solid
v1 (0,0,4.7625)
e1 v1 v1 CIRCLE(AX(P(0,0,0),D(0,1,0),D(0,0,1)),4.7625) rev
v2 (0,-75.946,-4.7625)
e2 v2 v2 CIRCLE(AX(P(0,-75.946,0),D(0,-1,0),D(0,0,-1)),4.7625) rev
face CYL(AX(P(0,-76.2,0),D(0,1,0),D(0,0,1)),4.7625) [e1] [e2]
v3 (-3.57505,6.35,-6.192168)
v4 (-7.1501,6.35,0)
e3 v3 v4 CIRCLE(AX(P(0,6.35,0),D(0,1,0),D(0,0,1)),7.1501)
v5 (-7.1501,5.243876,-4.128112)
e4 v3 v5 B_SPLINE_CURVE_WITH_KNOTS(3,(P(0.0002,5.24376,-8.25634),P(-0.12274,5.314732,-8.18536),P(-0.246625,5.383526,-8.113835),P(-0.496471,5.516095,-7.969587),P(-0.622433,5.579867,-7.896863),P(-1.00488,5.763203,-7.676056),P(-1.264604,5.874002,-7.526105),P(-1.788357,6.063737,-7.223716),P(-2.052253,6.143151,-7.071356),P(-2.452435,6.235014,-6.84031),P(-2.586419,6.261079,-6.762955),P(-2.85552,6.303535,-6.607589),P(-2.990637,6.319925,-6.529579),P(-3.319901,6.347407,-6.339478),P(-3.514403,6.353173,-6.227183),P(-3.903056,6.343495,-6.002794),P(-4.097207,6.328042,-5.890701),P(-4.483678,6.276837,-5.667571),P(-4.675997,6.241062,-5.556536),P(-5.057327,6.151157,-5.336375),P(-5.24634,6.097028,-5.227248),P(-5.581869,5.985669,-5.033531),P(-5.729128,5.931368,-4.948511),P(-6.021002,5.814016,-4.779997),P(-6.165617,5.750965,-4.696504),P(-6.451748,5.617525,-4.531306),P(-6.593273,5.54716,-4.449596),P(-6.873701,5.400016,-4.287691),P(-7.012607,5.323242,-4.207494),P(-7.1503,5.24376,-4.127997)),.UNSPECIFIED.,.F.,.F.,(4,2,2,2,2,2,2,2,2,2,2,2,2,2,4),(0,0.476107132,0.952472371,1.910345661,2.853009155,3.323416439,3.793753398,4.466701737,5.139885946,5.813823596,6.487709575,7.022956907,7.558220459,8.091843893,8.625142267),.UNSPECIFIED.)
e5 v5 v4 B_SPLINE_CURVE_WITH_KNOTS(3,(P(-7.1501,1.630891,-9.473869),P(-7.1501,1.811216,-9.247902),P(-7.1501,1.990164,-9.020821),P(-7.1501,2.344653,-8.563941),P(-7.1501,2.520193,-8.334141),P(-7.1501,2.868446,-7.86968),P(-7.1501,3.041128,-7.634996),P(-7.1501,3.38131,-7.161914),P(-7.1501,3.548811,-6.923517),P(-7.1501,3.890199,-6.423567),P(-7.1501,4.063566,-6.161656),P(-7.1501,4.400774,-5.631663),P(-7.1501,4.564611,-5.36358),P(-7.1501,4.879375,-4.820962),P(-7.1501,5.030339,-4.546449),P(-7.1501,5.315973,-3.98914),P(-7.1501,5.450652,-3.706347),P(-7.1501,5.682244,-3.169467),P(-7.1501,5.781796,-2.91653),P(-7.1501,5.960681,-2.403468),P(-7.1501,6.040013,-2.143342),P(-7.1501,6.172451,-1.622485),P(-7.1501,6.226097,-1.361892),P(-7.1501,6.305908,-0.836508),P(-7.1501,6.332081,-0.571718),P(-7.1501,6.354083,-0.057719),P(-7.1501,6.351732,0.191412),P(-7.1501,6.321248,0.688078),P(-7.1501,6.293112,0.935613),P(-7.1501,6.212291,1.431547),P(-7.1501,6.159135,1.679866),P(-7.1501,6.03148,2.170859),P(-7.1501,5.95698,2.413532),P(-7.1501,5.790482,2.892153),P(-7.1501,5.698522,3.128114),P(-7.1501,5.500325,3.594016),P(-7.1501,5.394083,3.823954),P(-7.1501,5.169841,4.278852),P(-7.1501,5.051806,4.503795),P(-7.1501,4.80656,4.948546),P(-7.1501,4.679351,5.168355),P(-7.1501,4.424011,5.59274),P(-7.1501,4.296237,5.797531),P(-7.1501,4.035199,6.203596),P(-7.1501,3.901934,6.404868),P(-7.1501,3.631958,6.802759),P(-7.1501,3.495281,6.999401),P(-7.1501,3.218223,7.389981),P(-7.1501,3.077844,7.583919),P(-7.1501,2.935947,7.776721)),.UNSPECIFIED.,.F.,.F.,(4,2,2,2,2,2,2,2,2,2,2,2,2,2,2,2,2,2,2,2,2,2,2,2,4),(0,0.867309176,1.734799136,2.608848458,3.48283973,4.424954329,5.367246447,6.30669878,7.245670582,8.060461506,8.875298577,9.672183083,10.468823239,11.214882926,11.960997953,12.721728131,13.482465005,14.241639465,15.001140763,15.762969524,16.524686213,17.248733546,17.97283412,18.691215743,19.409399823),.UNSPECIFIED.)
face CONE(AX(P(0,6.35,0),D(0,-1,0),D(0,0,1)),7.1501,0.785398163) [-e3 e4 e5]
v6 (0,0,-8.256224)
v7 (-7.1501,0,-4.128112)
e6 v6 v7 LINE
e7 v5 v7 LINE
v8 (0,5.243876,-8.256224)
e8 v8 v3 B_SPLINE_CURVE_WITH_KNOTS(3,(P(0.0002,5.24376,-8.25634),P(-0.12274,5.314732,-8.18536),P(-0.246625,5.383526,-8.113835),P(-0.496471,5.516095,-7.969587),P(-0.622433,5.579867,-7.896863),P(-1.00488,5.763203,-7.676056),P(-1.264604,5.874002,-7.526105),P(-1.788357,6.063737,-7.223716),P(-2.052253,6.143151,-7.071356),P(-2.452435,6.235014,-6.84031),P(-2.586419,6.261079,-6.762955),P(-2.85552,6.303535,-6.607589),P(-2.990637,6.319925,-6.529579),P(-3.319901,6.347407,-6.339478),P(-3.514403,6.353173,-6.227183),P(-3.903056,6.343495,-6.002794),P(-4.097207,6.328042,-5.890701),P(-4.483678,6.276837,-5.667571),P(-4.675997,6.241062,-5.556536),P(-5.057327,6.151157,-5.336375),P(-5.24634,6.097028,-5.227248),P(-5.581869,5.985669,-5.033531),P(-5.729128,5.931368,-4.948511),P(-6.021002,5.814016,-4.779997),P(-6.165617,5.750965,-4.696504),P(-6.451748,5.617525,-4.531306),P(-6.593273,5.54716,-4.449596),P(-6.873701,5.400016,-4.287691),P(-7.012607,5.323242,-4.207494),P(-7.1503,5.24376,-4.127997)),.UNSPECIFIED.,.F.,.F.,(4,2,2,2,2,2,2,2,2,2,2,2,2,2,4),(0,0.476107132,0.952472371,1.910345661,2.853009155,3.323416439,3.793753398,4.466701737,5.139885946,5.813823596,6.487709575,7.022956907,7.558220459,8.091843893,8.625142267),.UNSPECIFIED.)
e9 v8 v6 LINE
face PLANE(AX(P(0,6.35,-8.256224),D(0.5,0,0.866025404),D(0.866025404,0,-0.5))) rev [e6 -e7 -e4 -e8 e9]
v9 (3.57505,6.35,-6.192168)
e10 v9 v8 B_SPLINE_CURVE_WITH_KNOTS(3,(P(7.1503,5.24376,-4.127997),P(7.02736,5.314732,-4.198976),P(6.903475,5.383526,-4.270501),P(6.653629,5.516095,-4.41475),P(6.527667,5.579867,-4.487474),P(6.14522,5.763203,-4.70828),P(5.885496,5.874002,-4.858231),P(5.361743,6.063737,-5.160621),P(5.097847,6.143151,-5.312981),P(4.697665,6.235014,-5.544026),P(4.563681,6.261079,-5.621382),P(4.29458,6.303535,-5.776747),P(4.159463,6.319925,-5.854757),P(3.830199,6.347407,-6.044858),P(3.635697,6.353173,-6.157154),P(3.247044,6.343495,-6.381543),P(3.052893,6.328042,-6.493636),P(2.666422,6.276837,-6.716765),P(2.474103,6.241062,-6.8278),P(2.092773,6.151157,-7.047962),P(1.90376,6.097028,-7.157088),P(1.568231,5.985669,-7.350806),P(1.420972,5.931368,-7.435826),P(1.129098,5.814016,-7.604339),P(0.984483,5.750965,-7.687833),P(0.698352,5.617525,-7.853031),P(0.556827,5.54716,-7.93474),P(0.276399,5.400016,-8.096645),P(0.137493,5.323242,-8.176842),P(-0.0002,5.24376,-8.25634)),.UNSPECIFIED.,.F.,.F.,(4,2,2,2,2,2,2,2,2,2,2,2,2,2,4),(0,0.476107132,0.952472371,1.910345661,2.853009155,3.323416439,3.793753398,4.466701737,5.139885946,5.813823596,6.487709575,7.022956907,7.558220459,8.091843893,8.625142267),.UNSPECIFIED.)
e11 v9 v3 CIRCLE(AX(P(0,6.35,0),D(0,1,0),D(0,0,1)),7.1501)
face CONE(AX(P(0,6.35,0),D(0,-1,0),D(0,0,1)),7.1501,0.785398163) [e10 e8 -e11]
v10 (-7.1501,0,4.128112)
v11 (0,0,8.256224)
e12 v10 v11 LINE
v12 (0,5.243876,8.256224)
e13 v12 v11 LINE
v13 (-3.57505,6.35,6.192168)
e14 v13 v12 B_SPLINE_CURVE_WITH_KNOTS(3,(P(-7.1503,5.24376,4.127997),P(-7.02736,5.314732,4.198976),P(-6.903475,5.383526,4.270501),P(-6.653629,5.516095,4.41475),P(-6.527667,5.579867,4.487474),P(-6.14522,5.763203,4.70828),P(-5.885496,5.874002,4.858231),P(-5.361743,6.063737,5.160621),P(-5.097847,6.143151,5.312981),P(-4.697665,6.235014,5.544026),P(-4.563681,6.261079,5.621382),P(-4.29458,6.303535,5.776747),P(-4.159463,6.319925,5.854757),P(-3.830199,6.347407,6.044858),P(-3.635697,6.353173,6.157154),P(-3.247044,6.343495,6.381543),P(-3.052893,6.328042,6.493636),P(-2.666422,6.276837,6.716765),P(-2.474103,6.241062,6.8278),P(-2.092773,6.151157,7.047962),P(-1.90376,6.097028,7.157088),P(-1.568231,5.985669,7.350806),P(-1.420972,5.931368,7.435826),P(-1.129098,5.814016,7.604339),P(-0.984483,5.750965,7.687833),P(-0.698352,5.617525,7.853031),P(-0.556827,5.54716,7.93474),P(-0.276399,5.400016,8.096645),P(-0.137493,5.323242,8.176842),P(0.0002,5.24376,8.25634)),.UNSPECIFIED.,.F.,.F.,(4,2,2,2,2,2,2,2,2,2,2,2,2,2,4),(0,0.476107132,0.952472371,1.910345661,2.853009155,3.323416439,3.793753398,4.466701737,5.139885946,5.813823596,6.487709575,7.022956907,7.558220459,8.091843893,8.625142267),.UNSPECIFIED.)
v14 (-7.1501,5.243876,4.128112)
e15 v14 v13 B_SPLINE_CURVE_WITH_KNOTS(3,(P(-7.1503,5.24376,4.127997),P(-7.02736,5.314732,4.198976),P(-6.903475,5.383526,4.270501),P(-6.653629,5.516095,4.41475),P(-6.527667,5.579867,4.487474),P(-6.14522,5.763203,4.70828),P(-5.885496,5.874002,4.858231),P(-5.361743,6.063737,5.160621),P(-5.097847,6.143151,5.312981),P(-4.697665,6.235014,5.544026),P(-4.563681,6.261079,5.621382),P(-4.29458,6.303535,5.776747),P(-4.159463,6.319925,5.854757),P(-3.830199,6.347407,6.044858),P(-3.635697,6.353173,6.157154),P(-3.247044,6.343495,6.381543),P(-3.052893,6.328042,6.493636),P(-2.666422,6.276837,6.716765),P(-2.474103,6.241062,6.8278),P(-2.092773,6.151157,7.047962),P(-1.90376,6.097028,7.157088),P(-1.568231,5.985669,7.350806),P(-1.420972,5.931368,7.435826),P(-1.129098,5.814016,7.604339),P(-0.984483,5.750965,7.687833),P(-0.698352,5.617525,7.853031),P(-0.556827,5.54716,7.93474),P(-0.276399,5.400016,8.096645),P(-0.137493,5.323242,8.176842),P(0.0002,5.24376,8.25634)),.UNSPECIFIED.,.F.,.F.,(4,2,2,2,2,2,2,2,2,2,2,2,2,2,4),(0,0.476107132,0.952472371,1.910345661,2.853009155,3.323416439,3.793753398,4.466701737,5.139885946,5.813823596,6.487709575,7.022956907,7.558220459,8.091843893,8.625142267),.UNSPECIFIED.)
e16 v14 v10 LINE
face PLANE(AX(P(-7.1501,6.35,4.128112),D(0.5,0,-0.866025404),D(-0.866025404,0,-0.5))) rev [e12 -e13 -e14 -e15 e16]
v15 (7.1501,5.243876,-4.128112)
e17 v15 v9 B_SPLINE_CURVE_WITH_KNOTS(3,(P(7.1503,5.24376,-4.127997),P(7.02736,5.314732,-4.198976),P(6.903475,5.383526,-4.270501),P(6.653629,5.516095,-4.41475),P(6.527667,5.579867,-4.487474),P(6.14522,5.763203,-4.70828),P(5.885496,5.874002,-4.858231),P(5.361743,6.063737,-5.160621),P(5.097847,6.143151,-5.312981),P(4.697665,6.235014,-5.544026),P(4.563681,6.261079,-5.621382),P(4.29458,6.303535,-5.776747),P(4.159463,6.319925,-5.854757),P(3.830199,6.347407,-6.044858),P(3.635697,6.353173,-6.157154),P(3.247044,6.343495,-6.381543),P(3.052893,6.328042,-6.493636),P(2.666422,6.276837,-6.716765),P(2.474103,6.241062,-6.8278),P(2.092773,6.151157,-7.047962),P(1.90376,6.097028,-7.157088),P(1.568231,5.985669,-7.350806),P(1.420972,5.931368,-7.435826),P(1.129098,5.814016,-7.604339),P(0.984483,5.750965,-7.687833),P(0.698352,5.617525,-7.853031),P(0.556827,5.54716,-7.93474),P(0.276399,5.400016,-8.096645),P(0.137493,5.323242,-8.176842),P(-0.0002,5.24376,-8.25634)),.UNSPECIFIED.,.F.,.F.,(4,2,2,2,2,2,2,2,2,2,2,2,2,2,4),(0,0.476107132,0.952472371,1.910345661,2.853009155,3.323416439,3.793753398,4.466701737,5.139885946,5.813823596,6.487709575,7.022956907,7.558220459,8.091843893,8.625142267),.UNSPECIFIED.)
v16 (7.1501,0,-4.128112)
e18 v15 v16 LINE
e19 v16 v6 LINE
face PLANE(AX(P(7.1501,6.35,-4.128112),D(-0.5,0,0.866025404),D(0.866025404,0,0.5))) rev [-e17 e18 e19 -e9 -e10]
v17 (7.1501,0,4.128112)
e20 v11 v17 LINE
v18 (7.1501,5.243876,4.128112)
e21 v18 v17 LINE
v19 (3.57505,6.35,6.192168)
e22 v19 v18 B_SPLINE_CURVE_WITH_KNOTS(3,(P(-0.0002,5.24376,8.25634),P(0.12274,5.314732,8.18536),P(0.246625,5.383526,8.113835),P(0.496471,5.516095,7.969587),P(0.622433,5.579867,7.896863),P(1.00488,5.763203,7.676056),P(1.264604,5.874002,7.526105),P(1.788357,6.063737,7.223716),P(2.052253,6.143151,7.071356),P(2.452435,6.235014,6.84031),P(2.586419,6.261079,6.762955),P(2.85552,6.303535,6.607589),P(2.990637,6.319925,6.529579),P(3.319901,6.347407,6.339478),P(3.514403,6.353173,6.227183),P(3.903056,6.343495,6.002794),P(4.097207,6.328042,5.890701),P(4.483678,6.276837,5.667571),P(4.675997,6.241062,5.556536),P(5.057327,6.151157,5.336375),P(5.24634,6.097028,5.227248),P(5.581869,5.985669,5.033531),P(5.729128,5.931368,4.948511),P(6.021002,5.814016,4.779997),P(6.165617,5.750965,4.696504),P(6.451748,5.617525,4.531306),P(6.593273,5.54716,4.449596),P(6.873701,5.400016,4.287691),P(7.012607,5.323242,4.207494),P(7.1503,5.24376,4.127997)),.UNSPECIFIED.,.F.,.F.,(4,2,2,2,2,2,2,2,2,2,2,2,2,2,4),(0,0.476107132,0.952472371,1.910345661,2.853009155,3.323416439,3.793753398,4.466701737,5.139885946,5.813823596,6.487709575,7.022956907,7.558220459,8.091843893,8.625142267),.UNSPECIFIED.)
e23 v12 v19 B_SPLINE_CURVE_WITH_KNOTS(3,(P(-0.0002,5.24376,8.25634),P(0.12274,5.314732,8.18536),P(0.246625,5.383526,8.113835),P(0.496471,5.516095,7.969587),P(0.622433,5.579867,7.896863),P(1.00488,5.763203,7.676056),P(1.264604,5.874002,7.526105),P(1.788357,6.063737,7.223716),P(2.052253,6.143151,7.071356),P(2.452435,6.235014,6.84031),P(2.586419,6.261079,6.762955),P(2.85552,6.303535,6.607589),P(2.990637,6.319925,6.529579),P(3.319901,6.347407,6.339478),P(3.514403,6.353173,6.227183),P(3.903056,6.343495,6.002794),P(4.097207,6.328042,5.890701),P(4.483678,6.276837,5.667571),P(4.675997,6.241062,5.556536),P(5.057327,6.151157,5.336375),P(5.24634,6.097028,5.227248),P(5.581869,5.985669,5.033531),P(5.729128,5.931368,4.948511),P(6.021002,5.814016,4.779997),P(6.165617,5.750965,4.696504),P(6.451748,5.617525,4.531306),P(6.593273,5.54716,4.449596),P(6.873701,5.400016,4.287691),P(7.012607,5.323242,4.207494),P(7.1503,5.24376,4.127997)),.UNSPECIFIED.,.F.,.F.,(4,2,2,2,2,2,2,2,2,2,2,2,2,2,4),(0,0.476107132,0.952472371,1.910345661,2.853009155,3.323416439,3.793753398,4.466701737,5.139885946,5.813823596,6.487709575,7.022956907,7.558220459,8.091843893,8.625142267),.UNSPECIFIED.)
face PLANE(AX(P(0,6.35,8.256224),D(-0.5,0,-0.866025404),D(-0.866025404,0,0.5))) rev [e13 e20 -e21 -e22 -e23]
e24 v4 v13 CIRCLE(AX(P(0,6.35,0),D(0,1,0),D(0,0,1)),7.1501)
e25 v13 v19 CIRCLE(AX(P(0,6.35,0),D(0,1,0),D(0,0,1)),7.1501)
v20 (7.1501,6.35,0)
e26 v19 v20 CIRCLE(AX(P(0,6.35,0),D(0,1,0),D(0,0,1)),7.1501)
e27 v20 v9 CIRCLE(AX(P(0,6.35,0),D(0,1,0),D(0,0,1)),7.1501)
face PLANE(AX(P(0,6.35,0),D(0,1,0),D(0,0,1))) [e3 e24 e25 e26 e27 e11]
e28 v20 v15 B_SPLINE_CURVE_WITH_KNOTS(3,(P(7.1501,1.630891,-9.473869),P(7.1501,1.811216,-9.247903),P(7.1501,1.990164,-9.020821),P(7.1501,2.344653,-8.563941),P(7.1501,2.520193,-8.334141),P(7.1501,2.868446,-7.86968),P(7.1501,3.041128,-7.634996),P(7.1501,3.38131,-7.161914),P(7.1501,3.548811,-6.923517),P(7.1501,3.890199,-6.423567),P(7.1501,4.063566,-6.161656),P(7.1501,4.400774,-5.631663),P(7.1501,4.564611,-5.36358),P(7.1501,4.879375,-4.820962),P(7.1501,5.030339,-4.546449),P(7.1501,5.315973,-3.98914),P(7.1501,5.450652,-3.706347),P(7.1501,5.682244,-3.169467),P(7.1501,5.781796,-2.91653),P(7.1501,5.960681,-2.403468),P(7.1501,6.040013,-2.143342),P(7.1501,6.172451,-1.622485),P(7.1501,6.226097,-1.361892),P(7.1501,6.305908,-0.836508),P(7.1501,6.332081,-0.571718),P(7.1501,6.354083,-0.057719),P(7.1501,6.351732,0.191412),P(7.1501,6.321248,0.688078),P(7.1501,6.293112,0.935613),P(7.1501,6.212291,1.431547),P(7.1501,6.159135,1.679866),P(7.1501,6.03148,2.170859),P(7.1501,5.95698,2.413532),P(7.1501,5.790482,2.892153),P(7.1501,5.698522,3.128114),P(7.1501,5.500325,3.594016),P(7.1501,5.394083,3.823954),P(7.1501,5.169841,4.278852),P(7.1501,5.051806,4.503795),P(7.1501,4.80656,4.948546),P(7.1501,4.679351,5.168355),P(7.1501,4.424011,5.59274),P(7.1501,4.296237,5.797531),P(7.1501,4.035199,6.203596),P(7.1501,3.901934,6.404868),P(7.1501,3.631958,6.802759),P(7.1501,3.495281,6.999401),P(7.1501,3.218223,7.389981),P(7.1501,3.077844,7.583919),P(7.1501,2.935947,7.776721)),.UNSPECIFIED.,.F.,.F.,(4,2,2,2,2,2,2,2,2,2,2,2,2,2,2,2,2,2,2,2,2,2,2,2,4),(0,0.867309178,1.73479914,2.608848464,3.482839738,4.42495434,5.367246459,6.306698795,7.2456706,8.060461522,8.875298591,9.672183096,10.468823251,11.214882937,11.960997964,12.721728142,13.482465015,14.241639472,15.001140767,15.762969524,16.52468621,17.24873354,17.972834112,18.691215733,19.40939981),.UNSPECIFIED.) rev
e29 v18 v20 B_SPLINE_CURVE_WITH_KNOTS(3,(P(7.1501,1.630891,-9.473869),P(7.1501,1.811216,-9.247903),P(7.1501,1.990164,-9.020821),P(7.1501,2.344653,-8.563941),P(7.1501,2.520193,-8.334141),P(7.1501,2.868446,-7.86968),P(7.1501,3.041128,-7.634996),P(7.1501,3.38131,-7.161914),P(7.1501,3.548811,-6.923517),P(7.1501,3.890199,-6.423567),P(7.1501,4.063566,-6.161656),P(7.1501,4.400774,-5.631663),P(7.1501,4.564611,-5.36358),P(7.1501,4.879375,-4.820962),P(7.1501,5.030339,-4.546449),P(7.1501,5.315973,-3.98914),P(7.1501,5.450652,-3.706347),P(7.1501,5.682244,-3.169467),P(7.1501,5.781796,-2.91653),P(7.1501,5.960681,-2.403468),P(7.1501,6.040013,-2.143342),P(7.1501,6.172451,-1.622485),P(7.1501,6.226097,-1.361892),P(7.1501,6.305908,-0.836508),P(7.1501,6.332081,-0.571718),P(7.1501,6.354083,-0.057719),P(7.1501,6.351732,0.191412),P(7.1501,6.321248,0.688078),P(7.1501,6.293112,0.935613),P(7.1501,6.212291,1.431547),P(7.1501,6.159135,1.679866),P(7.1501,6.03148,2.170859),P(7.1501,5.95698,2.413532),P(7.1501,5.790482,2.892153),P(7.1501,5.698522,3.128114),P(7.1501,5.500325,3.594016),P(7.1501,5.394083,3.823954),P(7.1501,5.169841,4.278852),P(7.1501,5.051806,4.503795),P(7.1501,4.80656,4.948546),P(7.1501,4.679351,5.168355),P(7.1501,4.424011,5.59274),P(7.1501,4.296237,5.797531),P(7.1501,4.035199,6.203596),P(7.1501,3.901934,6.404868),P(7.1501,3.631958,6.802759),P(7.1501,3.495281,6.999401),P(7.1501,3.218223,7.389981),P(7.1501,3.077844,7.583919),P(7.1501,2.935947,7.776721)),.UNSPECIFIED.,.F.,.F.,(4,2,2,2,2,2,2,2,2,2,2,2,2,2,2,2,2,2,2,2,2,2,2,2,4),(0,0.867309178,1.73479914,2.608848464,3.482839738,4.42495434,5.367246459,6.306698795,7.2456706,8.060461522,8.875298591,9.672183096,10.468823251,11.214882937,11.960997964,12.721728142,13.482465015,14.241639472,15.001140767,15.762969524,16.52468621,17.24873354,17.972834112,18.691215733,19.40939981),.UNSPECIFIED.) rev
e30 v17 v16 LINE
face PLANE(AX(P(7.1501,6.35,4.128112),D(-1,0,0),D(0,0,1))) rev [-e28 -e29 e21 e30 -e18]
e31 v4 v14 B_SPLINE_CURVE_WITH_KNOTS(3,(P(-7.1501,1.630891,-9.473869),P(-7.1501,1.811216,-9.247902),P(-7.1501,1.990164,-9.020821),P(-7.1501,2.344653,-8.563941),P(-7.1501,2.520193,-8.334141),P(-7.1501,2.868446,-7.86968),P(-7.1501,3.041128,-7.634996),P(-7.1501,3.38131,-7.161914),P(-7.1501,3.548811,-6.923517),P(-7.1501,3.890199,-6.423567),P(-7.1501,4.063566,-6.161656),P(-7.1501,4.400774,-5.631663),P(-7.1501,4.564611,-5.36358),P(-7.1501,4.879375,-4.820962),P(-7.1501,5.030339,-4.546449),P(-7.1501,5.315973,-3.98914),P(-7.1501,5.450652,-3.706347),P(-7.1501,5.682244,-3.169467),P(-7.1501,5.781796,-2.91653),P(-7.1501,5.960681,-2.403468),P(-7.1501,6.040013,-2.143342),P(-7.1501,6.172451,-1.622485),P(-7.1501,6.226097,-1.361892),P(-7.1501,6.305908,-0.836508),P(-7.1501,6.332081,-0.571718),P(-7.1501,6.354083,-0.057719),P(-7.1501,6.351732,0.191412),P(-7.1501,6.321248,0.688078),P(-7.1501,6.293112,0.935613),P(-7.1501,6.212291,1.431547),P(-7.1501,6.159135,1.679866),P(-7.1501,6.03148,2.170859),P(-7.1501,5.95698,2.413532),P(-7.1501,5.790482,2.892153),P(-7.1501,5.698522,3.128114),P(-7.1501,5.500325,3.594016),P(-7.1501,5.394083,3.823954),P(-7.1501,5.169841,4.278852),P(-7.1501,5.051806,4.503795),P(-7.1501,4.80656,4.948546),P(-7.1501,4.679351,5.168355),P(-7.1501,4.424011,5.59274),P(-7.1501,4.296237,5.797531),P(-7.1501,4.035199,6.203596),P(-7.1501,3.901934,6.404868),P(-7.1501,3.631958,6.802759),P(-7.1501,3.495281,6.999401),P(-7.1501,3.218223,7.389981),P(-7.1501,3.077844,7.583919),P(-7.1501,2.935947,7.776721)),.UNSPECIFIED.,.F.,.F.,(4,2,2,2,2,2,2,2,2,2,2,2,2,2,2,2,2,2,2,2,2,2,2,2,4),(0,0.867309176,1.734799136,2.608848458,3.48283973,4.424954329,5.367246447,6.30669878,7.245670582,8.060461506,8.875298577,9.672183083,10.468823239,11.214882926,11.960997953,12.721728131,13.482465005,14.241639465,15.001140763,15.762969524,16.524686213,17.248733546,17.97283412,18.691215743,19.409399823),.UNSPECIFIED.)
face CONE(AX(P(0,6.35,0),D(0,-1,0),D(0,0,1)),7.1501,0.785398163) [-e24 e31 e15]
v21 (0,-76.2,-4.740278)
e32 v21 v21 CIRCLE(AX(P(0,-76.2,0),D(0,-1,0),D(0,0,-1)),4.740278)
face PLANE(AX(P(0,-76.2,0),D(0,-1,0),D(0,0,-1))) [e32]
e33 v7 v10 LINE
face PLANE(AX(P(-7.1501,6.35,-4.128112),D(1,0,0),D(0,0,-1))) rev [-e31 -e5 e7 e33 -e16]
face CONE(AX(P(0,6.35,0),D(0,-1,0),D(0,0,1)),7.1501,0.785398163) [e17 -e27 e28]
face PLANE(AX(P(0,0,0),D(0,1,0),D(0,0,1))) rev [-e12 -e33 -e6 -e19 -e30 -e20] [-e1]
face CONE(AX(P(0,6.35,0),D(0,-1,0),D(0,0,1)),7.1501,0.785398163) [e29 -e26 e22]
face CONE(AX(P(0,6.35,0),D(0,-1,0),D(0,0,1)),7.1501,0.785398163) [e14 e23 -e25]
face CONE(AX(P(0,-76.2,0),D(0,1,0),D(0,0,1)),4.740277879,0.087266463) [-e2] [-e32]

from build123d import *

# Parameters (mm, degrees)
BOSS_EXTRUDE1_DEPTH = 6.35
SKETCH2_R           = 4.7625
BOSS_EXTRUDE2_DEPTH = 76.2
SKETCH3_OUTSIDE_W   = 74.018
SKETCH3_OUTSIDE_H   = 76.23
SKETCH3_OUTSIDE_R   = 7.1501
CUT_EXTRUDE1_DEPTH  = 20.32
CUT_EXTRUDE1_TAPER  = 45
CHAMFER1_SIZE       = 0.254
CHAMFER1_SIZE2      = 0.022222121


with BuildPart() as part:
    # Sketch1 → Boss-Extrude1 (new body)
    with BuildSketch(Plane(origin=(0, 0, 0), x_dir=(1, 0, 0), z_dir=(0, 1, 0))):
        Polygon((0, 8.256224319), (-7.1501, 4.12811216), (-7.1501, -4.12811216), (0, -8.256224319), (7.1501, -4.12811216), (7.1501, 4.12811216), align=None)
    extrude(amount=BOSS_EXTRUDE1_DEPTH)

    # Sketch2 → Boss-Extrude2 (add)
    with BuildSketch(Plane.XZ):
        Circle(SKETCH2_R)
    extrude(amount=BOSS_EXTRUDE2_DEPTH)

    # Sketch3 outside → Cut-Extrude1 (cut)
    with BuildSketch(Plane(origin=(0, 6.35, 0), x_dir=(1, 0, 0), z_dir=(0, 1, 0))):
        Rectangle(SKETCH3_OUTSIDE_W, SKETCH3_OUTSIDE_H)
        Circle(SKETCH3_OUTSIDE_R, mode=Mode.SUBTRACT)
    extrude(amount=-CUT_EXTRUDE1_DEPTH, taper=CUT_EXTRUDE1_TAPER, mode=Mode.SUBTRACT)

    # Chamfer1
    chamfer1_edges = [part.edges().sort_by_distance(p)[0] for p in [
        (-4.7625, -76.2, 0),
    ]]
    chamfer1_side = [part.faces().sort_by_distance(p)[0] for p in [
        (-4.7625, -38.1, 0),
    ]]
    chamfer(chamfer1_edges, length=CHAMFER1_SIZE, length2=CHAMFER1_SIZE2, reference=chamfer1_side[0])


solid = part.part
